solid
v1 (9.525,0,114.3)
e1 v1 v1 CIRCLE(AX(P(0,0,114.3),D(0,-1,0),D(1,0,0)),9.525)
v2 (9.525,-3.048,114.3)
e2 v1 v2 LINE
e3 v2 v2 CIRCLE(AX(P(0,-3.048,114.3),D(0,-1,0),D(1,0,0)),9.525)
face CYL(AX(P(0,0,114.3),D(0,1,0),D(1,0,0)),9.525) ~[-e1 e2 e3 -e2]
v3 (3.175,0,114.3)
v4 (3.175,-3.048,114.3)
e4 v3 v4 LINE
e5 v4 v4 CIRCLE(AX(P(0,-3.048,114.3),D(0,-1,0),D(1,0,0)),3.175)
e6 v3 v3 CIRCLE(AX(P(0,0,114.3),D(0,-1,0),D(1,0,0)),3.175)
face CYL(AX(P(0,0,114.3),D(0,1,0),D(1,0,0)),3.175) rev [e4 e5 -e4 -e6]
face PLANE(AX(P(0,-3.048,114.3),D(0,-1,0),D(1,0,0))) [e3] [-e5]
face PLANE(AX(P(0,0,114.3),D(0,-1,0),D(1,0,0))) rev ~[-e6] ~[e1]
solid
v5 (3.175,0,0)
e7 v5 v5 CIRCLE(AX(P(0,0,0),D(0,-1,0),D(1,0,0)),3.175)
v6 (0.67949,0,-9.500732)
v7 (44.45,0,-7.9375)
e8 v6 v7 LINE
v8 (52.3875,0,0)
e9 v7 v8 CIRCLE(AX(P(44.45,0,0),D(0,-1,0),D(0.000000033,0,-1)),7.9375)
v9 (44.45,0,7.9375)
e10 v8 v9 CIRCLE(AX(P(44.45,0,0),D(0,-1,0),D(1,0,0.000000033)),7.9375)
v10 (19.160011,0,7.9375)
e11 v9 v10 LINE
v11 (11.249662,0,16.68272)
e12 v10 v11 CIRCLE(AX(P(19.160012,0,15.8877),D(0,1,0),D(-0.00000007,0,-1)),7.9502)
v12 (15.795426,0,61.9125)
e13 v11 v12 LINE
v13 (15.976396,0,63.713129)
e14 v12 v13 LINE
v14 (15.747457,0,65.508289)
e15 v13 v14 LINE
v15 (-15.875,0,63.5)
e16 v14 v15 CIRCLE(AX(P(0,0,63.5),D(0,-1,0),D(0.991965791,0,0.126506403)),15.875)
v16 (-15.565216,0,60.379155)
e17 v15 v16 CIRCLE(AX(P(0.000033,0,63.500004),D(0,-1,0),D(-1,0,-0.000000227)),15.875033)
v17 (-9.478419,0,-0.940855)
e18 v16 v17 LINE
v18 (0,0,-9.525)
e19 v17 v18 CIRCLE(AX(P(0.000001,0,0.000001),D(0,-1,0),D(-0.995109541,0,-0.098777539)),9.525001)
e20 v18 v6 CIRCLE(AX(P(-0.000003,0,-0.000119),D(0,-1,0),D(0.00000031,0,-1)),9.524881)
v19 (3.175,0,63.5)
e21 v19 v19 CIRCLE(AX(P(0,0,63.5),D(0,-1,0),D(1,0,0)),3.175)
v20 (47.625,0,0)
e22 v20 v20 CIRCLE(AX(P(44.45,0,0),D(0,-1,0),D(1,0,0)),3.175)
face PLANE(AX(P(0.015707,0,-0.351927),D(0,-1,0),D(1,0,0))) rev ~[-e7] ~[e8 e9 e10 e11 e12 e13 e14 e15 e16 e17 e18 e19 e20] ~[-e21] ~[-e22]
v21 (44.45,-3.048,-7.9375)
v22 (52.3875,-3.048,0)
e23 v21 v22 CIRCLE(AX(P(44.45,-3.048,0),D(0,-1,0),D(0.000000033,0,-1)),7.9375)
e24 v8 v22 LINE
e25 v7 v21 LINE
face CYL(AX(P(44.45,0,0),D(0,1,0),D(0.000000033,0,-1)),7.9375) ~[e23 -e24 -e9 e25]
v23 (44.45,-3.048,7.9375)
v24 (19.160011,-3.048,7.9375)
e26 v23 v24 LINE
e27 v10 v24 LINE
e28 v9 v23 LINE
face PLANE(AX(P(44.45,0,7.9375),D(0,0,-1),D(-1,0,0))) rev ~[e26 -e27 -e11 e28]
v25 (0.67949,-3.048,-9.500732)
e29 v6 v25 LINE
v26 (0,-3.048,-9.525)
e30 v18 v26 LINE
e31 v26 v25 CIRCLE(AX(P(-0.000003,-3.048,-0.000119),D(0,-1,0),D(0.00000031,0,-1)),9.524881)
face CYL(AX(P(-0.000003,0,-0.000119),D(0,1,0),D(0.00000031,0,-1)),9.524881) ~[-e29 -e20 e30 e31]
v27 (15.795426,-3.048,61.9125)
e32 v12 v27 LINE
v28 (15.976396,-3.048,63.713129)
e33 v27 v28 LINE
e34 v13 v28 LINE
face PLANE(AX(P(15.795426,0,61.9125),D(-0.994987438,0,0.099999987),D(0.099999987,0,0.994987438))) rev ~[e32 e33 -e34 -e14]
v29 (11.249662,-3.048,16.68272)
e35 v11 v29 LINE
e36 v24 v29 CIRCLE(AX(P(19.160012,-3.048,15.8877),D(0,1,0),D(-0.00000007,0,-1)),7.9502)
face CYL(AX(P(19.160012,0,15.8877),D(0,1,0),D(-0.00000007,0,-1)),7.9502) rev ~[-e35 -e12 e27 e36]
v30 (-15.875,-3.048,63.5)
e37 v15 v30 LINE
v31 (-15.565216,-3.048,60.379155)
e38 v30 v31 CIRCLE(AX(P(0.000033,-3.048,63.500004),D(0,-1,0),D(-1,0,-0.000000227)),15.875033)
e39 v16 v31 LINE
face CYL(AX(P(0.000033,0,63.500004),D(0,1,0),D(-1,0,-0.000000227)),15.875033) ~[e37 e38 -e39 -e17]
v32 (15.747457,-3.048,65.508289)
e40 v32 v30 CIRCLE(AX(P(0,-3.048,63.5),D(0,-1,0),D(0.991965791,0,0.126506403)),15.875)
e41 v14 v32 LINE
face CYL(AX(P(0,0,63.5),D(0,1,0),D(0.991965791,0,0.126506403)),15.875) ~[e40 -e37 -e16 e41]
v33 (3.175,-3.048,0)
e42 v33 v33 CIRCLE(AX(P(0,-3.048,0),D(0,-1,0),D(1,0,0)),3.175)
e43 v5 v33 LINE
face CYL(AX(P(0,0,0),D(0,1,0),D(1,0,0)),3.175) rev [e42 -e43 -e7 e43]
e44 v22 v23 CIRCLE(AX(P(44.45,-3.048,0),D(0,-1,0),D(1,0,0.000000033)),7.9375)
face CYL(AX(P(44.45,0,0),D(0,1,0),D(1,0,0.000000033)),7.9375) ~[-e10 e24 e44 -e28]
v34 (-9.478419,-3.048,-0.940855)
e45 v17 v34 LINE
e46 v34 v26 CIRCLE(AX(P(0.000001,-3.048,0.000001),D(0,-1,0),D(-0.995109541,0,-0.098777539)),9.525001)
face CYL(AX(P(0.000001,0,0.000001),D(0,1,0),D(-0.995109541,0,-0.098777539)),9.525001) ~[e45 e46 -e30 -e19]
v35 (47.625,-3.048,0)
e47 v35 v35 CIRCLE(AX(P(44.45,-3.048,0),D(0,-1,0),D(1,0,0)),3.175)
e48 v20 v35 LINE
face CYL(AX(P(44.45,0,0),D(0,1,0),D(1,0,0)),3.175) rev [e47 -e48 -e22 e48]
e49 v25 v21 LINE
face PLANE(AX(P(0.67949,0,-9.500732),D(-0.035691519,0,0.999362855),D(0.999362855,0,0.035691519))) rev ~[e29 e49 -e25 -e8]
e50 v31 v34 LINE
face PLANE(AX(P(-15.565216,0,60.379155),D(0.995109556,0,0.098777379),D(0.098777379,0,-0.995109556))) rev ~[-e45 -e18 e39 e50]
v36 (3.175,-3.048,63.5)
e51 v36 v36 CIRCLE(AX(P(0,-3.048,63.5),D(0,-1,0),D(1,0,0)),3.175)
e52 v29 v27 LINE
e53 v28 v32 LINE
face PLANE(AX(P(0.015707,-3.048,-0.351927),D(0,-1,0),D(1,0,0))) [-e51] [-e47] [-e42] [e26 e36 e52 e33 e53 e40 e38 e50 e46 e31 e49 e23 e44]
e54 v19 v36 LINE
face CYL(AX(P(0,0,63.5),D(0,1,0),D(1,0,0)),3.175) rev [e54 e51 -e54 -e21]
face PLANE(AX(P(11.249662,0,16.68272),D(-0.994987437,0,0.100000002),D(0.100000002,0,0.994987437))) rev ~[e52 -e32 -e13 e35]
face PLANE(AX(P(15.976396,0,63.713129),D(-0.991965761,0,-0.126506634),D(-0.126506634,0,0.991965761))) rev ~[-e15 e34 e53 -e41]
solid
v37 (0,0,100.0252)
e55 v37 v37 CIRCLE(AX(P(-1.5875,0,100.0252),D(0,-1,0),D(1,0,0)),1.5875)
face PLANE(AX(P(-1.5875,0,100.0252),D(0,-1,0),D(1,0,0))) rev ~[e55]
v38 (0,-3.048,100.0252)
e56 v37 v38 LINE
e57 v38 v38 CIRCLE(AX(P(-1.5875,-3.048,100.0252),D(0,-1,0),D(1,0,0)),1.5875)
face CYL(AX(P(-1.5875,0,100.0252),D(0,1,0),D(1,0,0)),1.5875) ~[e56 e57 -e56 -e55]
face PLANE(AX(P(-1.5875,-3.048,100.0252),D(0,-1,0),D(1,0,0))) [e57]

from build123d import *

# Parameters (mm, degrees)
F0_R     = 3.175
F0_R_2   = 1.5875
F1_DEPTH = 3.048


with BuildPart() as f1:
    # F0 (on Front) → F1 (new body)
    with BuildSketch(Plane.XZ):
        with BuildLine():
            ThreePointArc((0.67949, -9.500732), (6.97129, -6.490511), (9.525, 0))
            ThreePointArc((9.525, 0), (-0.471004, 9.513348), (-9.478419, -0.940855))
            ThreePointArc((-9.478419, -0.940855), (-6.393903, -7.060002), (0, -9.525))
            Line((0, -9.525), (0.67949, -9.500732))
        make_face()
        Circle(F0_R, mode=Mode.SUBTRACT)
        with BuildLine():
            ThreePointArc((-9.478419, -0.940855), (-0.471004, 9.513348), (9.525, 0))
            ThreePointArc((9.525, 0), (6.97129, -6.490511), (0.67949, -9.500732))
            Line((0.67949, -9.500732), (44.45, -7.9375))
            ThreePointArc((44.45, -7.9375), (36.5125, 0), (44.45, 7.9375))
            Line((44.45, 7.9375), (19.160011, 7.9375))
            ThreePointArc((19.160011, 7.9375), (13.263985, 10.554544), (11.249662, 16.68272))
            Line((11.249662, 16.68272), (15.795426, 61.9125))
            ThreePointArc((15.795426, 61.9125), (0.775265, 47.643942), (-15.565216, 60.379155))
            Line((-15.565216, 60.379155), (-9.478419, -0.940855))
        make_face()
        with BuildLine():
            ThreePointArc((-9.525, 114.3), (0, 104.775), (9.525, 114.3))
            ThreePointArc((9.525, 114.3), (0, 123.825), (-9.525, 114.3))
        make_face()
        with Locations((0, 114.3)):
            Circle(F0_R, mode=Mode.SUBTRACT)
        with BuildLine():
            ThreePointArc((0, -9.525), (0.339962, -9.518931), (0.67949, -9.500732))
            Line((0.67949, -9.500732), (0, -9.525))
        make_face()
        with BuildLine():
            Line((-15.875, 63.5), (-15.565216, 60.379155))
            ThreePointArc((-15.565216, 60.379155), (0.775265, 47.643942), (15.795426, 61.9125))
            ThreePointArc((15.795426, 61.9125), (15.855094, 62.705253), (15.875, 63.5))
            ThreePointArc((15.875, 63.5), (15.843082, 64.506168), (15.747457, 65.508289))
            ThreePointArc((15.747457, 65.508289), (-1.006168, 79.343082), (-15.875, 63.5))
        make_face()
        with Locations((0, 63.5)):
            Circle(F0_R, mode=Mode.SUBTRACT)
        with BuildLine():
            ThreePointArc((-15.875, 63.5), (-15.797364, 61.931909), (-15.565216, 60.379155))
            Line((-15.565216, 60.379155), (-15.875, 63.5))
        make_face()
        with BuildLine():
            ThreePointArc((44.45, 7.9375), (36.5125, 0), (44.45, -7.9375))
            ThreePointArc((44.45, -7.9375), (50.06266, -5.61266), (52.3875, 0))
            ThreePointArc((52.3875, 0), (50.06266, 5.61266), (44.45, 7.9375))
        make_face()
        with Locations((44.45, 0)):
            Circle(F0_R, mode=Mode.SUBTRACT)
        with BuildLine():
            ThreePointArc((15.875, 63.5), (15.855094, 62.705253), (15.795426, 61.9125))
            Line((15.795426, 61.9125), (15.976396, 63.713129))
            Line((15.976396, 63.713129), (15.747457, 65.508289))
            ThreePointArc((15.747457, 65.508289), (15.843082, 64.506168), (15.875, 63.5))
        make_face()
        with Locations((-1.5875, 100.0252)):
            Circle(F0_R_2)
    extrude(amount=F1_DEPTH)


solid = f1.part
